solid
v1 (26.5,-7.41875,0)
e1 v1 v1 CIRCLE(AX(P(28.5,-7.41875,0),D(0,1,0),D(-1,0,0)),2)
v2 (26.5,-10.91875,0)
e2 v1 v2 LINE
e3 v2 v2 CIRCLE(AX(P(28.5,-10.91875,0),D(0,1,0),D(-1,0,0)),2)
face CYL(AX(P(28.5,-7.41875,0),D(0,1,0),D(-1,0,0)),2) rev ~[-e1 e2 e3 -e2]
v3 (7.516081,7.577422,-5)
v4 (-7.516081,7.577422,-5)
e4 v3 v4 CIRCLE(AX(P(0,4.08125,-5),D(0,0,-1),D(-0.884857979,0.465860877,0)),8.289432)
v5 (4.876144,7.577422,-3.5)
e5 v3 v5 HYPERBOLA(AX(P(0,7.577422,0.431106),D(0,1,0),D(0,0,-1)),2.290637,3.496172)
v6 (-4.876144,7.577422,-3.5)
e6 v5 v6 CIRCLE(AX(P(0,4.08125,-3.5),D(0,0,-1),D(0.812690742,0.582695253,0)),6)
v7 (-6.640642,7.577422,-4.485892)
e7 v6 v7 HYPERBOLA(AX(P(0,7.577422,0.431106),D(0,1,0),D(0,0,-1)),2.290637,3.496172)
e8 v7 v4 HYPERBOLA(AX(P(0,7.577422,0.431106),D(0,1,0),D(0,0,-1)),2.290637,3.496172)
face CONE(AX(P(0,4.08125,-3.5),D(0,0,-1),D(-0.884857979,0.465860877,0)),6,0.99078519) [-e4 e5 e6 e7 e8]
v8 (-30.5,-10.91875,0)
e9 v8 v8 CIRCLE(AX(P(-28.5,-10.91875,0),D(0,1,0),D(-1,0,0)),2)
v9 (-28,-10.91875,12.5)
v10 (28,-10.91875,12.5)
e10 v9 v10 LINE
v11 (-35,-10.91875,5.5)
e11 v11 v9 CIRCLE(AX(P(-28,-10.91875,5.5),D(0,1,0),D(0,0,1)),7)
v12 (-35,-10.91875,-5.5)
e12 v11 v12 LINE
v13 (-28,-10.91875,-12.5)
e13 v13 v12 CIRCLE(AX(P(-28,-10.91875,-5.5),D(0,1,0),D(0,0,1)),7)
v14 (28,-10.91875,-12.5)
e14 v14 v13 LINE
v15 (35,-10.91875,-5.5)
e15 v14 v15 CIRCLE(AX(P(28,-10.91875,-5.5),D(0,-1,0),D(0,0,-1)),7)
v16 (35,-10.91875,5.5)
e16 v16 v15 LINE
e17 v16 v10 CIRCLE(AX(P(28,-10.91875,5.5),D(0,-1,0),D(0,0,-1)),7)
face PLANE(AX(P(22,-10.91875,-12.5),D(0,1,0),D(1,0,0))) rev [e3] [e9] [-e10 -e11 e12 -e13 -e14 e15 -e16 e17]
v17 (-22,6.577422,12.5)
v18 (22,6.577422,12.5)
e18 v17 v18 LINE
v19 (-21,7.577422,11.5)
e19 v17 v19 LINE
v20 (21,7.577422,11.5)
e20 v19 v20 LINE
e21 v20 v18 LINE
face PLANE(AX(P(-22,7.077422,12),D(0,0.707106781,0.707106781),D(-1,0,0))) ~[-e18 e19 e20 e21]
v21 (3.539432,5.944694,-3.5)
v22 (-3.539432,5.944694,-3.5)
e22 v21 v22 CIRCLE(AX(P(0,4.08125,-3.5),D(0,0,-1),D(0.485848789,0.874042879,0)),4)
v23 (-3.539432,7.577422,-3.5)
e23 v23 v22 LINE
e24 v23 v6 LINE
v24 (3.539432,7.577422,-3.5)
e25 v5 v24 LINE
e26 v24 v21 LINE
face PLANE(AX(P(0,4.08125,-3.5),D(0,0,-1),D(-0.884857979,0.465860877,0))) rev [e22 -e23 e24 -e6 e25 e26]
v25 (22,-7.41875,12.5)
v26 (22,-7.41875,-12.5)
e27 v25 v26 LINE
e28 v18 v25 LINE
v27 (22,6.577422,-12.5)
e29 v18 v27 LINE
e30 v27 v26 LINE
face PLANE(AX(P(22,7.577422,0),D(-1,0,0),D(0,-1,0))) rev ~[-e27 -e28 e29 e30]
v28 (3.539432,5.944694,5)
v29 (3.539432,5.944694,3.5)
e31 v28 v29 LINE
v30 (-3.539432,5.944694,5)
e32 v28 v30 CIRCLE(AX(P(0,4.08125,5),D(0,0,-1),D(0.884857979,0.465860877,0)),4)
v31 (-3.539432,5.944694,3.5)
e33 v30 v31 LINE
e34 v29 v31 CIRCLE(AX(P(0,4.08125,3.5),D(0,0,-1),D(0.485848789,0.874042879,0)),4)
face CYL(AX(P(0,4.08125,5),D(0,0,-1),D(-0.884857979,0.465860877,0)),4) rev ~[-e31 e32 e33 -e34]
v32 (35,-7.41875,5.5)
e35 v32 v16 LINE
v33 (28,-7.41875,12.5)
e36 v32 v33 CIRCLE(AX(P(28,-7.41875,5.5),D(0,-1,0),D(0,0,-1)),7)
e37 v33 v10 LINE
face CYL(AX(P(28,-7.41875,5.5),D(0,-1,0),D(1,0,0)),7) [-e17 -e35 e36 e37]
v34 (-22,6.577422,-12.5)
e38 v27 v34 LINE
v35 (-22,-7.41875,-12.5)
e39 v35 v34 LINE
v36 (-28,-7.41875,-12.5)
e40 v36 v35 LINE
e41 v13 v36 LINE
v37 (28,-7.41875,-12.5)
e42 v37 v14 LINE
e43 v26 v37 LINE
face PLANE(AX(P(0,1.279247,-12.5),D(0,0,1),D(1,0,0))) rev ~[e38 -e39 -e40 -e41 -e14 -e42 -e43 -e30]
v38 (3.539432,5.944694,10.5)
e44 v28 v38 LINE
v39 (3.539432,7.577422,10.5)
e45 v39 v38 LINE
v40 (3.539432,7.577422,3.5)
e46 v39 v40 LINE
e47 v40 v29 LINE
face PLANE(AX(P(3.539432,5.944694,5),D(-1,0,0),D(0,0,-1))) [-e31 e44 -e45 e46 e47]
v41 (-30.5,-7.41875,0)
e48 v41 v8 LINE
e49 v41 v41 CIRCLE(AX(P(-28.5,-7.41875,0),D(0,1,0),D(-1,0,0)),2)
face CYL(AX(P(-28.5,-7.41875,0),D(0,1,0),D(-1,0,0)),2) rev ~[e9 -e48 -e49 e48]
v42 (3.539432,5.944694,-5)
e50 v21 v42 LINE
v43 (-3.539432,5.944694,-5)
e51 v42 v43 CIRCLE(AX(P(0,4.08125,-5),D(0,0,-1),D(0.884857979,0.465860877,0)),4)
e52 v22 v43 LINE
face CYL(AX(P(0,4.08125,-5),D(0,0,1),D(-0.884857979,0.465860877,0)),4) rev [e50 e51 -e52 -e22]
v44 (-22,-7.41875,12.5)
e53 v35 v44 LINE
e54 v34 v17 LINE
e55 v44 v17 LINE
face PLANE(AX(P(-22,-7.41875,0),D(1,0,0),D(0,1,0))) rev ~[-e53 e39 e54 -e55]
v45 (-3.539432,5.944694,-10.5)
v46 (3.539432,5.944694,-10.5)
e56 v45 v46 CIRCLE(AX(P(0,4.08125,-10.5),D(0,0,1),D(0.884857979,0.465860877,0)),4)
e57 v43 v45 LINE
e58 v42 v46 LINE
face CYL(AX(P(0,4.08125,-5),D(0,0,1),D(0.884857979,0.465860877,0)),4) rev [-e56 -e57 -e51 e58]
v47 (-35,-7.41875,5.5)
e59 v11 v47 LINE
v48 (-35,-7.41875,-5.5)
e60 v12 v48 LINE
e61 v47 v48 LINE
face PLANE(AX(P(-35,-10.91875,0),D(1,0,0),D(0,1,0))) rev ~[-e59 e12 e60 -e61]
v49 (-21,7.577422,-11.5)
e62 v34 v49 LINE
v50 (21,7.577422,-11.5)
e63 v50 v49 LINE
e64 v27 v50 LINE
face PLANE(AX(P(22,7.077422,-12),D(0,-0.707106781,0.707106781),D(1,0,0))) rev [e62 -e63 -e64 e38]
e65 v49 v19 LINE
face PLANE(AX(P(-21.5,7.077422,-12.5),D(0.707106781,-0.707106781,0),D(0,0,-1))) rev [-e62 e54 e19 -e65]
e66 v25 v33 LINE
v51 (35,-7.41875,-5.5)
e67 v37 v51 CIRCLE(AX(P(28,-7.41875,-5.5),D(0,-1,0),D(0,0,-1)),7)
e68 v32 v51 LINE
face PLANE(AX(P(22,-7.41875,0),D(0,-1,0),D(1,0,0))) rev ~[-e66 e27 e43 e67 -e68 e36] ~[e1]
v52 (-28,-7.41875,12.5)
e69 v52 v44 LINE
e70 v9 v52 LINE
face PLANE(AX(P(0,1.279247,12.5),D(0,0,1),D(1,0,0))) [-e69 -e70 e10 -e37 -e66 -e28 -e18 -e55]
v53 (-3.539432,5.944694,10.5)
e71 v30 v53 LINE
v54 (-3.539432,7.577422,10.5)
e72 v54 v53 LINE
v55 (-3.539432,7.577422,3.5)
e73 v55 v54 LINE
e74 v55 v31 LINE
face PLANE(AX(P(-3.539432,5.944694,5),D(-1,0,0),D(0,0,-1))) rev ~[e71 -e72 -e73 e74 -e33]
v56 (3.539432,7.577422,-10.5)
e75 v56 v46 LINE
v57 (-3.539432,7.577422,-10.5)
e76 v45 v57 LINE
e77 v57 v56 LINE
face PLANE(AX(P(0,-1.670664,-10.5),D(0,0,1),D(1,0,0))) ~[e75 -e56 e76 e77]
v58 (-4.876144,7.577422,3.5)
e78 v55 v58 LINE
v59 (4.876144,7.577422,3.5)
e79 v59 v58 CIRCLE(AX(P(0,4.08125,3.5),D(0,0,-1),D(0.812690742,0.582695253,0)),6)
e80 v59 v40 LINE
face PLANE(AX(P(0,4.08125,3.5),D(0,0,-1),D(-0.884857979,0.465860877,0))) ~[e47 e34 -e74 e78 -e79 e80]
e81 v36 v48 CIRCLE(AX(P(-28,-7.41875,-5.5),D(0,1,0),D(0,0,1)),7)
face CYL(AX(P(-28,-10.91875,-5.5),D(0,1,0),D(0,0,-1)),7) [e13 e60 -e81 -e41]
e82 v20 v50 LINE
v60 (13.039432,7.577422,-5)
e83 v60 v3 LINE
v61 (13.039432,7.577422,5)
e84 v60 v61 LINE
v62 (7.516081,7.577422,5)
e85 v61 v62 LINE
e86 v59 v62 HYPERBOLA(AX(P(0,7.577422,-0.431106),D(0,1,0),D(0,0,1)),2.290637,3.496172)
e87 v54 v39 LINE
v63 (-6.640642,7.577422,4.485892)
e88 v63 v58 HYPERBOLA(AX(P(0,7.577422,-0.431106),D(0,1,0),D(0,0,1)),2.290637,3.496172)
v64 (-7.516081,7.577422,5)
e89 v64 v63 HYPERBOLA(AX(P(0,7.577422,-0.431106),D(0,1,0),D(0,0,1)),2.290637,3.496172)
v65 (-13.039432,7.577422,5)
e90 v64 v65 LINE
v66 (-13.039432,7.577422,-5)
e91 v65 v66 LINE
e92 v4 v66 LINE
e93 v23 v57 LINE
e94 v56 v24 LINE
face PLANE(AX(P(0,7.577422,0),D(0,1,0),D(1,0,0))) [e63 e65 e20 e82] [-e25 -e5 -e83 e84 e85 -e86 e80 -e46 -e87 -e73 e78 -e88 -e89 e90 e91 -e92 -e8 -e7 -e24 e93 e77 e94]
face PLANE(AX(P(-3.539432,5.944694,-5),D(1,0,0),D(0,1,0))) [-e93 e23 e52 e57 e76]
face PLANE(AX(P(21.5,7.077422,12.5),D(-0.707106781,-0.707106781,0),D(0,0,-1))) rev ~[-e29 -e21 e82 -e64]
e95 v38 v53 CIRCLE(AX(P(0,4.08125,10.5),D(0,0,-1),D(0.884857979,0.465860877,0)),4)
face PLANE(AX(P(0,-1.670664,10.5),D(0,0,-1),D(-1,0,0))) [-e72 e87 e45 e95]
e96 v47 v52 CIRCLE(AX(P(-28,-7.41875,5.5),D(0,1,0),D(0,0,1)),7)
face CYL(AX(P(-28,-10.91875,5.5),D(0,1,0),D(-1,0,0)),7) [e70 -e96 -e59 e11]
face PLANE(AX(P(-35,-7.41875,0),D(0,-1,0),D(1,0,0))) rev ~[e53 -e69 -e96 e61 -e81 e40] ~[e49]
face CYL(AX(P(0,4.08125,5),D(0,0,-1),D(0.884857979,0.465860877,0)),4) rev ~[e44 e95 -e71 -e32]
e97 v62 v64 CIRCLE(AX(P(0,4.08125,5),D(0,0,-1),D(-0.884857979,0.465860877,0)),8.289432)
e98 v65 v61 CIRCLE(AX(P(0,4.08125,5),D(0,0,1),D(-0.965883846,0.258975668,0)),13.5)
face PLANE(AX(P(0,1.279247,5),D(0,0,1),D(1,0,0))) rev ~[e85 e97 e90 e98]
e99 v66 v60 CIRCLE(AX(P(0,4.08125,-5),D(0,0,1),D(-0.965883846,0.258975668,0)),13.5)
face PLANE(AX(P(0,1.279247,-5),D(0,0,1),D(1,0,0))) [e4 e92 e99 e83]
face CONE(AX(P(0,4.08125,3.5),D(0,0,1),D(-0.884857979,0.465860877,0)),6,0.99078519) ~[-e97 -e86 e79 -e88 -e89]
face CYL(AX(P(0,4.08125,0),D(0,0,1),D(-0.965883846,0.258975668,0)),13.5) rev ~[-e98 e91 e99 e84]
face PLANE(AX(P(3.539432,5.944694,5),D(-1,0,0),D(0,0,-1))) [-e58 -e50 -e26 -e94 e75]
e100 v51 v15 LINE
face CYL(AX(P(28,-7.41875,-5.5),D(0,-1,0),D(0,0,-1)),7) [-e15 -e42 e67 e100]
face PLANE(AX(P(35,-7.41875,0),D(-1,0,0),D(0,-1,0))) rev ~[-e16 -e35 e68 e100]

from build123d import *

# Parameters (mm, degrees)
BOSS_EXTRUDE1_DEPTH = 12.5
BOSS_EXTRUDE2_DEPTH = 7.5
BOSS_EXTRUDE3_DEPTH = 7.5
SKETCH5_W           = 70
SKETCH5_H           = 25
CUT_EXTRUDE1_DEPTH  = 10
CUT_EXTRUDE2_START  = -1.632728
SKETCH6_W           = 7.078863834
SKETCH6_H           = 10
CUT_EXTRUDE2_DEPTH  = 1.632728
BOSS_EXTRUDE4_DEPTH = 2
FILLET1_R           = 7
SKETCH8_R           = 2
CUT_EXTRUDE3_DEPTH  = 40
CHAMFER1_SIZE       = 1


with BuildPart() as part:
    # Sketch1 → Boss-Extrude1 (new, symmetric)
    with BuildSketch(Plane.XY):
        with BuildLine():
            Line((22, 2.58125), (22, -7.41875))
            Line((22, -7.41875), (35, -7.41875))
            Line((35, -7.41875), (35, -10.91875))
            Line((35, -10.91875), (22, -10.91875))
            Line((22, -10.91875), (-22, -10.91875))
            Line((-22, -10.91875), (-35, -10.91875))
            Line((-35, -10.91875), (-35, -7.41875))
            Line((-35, -7.41875), (-22, -7.41875))
            Line((-22, -7.41875), (-22, 2.58125))
            Line((-22, 2.58125), (-22, 7.577421516))
            Line((-22, 7.577421516), (-13.039431917, 7.577421516))
            ThreePointArc((-13.039431917, 7.577421516), (0, -9.41875), (13.039431917, 7.577421516))
            Line((13.039431917, 7.577421516), (22, 7.577421516))
            Line((22, 7.577421516), (22, 2.58125))
        make_face()
    extrude(amount=BOSS_EXTRUDE1_DEPTH, both=True)

    # Sketch2 → Boss-Extrude2 (add)
    with BuildSketch(Plane.XY.offset(5)):
        with BuildLine():
            Line((-3.539431917, 5.944693506), (-3.539431917, 7.577421516))
            Line((-3.539431917, 7.577421516), (-13.039431917, 7.577421516))
            ThreePointArc((-13.039431917, 7.577421516), (0, -9.41875), (13.039431917, 7.577421516))
            Line((13.039431917, 7.577421516), (3.539431917, 7.577421516))
            Line((3.539431917, 7.577421516), (3.539431917, 5.944693506))
            ThreePointArc((3.539431917, 5.944693506), (0, 0.08125), (-3.539431917, 5.944693506))
        make_face()
    extrude(amount=BOSS_EXTRUDE2_DEPTH)

    # Sketch3 → Boss-Extrude3 (add)
    with BuildSketch(Plane.XY.offset(-5)):
        with BuildLine():
            Line((3.539431917, 7.577421516), (3.539431917, 5.944693506))
            ThreePointArc((3.539431917, 5.944693506), (0, 0.08125), (-3.539431917, 5.944693506))
            Line((-3.539431917, 5.944693506), (-3.539431917, 7.577421516))
            Line((-3.539431917, 7.577421516), (-13.039431917, 7.577421516))
            ThreePointArc((-13.039431917, 7.577421516), (0, -9.41875), (13.039431917, 7.577421516))
            Line((13.039431917, 7.577421516), (3.539431917, 7.577421516))
        make_face()
    extrude(amount=-BOSS_EXTRUDE3_DEPTH)

    # Sketch4 → Revolve1 (revolve)
    with BuildSketch(Plane(origin=(0, 4.08125, 0), x_dir=(1, 0, 0), z_dir=(0, 1, 0)), mode=Mode.PRIVATE) as revolve1_sk:
        Polygon((-4, -5), (-4, -3.5), (-6, -3.5), (-8.289431917, -5), align=None)
        Polygon((-4, 5), (-4, 3.5), (-6, 3.5), (-8.289431917, 5), align=None)
    revolve(revolve1_sk.sketch.rotate(Axis((0, 4.08125, 0), (0, 0, -1)), 27.765950742), axis=Axis((0, 4.08125, 0), (0, 0, -1)))

    # Sketch5 → Cut-Extrude1 (cut)
    with BuildSketch(Plane(origin=(0, 7.577421516, 0), x_dir=(1, 0, 0), z_dir=(0, 1, 0))):
        Rectangle(SKETCH5_W, SKETCH5_H)
    extrude(amount=CUT_EXTRUDE1_DEPTH, mode=Mode.SUBTRACT)

    # Sketch6 → Cut-Extrude2 (cut)
    with BuildSketch(Plane(origin=(0, 7.577421516, 0), x_dir=(1, 0, 0), z_dir=(0, 1, 0)).offset(CUT_EXTRUDE2_START)):
        Rectangle(SKETCH6_W, SKETCH6_H)
    extrude(amount=CUT_EXTRUDE2_DEPTH, mode=Mode.SUBTRACT)

    # Sketch7 → Boss-Extrude4 (add)
    with BuildSketch(Plane.XY.offset(12.5)):
        Polygon((-22, 2.38125), (-22, 7.577421516), (22, 7.577421516), (22, -3.038829349), (22, -10.91875), (-22, -10.91875), align=None)
    boss_extrude4 = extrude(amount=-BOSS_EXTRUDE4_DEPTH)

    # Mirror1: Boss-Extrude4 across plane
    add(boss_extrude4.mirror(Plane.XY))

    # Fillet1
    fillet1_edges = [part.edges().sort_by_distance(p)[0] for p in [
        (35, -9.16875, -12.5),
        (-35, -9.16875, -12.5),
        (-35, -9.16875, 12.5),
        (35, -9.16875, 12.5),
    ]]
    fillet(fillet1_edges, radius=FILLET1_R)

    # Sketch8 → Cut-Extrude3 (cut)
    with BuildSketch(Plane(origin=(0, -7.41875, 0), x_dir=(1, 0, 0), z_dir=(0, 1, 0))):
        with Locations(Location((28.5, 0, 0), (0, 0, 180))):
            Circle(SKETCH8_R)
        with Locations(Location((-28.5, 0, 0), (0, 0, 180))):
            Circle(SKETCH8_R)
    extrude(amount=-CUT_EXTRUDE3_DEPTH, mode=Mode.SUBTRACT)

    # Chamfer1
    chamfer1_edges = [part.edges().sort_by_distance(p)[0] for p in [
        (0, 7.577421516, -12.5),
        (22, 7.577421516, 0),
        (-22, 7.577421516, 0),
        (0, 7.577421516, 12.5),
    ]]
    chamfer(chamfer1_edges, length=CHAMFER1_SIZE)


solid = part.part
